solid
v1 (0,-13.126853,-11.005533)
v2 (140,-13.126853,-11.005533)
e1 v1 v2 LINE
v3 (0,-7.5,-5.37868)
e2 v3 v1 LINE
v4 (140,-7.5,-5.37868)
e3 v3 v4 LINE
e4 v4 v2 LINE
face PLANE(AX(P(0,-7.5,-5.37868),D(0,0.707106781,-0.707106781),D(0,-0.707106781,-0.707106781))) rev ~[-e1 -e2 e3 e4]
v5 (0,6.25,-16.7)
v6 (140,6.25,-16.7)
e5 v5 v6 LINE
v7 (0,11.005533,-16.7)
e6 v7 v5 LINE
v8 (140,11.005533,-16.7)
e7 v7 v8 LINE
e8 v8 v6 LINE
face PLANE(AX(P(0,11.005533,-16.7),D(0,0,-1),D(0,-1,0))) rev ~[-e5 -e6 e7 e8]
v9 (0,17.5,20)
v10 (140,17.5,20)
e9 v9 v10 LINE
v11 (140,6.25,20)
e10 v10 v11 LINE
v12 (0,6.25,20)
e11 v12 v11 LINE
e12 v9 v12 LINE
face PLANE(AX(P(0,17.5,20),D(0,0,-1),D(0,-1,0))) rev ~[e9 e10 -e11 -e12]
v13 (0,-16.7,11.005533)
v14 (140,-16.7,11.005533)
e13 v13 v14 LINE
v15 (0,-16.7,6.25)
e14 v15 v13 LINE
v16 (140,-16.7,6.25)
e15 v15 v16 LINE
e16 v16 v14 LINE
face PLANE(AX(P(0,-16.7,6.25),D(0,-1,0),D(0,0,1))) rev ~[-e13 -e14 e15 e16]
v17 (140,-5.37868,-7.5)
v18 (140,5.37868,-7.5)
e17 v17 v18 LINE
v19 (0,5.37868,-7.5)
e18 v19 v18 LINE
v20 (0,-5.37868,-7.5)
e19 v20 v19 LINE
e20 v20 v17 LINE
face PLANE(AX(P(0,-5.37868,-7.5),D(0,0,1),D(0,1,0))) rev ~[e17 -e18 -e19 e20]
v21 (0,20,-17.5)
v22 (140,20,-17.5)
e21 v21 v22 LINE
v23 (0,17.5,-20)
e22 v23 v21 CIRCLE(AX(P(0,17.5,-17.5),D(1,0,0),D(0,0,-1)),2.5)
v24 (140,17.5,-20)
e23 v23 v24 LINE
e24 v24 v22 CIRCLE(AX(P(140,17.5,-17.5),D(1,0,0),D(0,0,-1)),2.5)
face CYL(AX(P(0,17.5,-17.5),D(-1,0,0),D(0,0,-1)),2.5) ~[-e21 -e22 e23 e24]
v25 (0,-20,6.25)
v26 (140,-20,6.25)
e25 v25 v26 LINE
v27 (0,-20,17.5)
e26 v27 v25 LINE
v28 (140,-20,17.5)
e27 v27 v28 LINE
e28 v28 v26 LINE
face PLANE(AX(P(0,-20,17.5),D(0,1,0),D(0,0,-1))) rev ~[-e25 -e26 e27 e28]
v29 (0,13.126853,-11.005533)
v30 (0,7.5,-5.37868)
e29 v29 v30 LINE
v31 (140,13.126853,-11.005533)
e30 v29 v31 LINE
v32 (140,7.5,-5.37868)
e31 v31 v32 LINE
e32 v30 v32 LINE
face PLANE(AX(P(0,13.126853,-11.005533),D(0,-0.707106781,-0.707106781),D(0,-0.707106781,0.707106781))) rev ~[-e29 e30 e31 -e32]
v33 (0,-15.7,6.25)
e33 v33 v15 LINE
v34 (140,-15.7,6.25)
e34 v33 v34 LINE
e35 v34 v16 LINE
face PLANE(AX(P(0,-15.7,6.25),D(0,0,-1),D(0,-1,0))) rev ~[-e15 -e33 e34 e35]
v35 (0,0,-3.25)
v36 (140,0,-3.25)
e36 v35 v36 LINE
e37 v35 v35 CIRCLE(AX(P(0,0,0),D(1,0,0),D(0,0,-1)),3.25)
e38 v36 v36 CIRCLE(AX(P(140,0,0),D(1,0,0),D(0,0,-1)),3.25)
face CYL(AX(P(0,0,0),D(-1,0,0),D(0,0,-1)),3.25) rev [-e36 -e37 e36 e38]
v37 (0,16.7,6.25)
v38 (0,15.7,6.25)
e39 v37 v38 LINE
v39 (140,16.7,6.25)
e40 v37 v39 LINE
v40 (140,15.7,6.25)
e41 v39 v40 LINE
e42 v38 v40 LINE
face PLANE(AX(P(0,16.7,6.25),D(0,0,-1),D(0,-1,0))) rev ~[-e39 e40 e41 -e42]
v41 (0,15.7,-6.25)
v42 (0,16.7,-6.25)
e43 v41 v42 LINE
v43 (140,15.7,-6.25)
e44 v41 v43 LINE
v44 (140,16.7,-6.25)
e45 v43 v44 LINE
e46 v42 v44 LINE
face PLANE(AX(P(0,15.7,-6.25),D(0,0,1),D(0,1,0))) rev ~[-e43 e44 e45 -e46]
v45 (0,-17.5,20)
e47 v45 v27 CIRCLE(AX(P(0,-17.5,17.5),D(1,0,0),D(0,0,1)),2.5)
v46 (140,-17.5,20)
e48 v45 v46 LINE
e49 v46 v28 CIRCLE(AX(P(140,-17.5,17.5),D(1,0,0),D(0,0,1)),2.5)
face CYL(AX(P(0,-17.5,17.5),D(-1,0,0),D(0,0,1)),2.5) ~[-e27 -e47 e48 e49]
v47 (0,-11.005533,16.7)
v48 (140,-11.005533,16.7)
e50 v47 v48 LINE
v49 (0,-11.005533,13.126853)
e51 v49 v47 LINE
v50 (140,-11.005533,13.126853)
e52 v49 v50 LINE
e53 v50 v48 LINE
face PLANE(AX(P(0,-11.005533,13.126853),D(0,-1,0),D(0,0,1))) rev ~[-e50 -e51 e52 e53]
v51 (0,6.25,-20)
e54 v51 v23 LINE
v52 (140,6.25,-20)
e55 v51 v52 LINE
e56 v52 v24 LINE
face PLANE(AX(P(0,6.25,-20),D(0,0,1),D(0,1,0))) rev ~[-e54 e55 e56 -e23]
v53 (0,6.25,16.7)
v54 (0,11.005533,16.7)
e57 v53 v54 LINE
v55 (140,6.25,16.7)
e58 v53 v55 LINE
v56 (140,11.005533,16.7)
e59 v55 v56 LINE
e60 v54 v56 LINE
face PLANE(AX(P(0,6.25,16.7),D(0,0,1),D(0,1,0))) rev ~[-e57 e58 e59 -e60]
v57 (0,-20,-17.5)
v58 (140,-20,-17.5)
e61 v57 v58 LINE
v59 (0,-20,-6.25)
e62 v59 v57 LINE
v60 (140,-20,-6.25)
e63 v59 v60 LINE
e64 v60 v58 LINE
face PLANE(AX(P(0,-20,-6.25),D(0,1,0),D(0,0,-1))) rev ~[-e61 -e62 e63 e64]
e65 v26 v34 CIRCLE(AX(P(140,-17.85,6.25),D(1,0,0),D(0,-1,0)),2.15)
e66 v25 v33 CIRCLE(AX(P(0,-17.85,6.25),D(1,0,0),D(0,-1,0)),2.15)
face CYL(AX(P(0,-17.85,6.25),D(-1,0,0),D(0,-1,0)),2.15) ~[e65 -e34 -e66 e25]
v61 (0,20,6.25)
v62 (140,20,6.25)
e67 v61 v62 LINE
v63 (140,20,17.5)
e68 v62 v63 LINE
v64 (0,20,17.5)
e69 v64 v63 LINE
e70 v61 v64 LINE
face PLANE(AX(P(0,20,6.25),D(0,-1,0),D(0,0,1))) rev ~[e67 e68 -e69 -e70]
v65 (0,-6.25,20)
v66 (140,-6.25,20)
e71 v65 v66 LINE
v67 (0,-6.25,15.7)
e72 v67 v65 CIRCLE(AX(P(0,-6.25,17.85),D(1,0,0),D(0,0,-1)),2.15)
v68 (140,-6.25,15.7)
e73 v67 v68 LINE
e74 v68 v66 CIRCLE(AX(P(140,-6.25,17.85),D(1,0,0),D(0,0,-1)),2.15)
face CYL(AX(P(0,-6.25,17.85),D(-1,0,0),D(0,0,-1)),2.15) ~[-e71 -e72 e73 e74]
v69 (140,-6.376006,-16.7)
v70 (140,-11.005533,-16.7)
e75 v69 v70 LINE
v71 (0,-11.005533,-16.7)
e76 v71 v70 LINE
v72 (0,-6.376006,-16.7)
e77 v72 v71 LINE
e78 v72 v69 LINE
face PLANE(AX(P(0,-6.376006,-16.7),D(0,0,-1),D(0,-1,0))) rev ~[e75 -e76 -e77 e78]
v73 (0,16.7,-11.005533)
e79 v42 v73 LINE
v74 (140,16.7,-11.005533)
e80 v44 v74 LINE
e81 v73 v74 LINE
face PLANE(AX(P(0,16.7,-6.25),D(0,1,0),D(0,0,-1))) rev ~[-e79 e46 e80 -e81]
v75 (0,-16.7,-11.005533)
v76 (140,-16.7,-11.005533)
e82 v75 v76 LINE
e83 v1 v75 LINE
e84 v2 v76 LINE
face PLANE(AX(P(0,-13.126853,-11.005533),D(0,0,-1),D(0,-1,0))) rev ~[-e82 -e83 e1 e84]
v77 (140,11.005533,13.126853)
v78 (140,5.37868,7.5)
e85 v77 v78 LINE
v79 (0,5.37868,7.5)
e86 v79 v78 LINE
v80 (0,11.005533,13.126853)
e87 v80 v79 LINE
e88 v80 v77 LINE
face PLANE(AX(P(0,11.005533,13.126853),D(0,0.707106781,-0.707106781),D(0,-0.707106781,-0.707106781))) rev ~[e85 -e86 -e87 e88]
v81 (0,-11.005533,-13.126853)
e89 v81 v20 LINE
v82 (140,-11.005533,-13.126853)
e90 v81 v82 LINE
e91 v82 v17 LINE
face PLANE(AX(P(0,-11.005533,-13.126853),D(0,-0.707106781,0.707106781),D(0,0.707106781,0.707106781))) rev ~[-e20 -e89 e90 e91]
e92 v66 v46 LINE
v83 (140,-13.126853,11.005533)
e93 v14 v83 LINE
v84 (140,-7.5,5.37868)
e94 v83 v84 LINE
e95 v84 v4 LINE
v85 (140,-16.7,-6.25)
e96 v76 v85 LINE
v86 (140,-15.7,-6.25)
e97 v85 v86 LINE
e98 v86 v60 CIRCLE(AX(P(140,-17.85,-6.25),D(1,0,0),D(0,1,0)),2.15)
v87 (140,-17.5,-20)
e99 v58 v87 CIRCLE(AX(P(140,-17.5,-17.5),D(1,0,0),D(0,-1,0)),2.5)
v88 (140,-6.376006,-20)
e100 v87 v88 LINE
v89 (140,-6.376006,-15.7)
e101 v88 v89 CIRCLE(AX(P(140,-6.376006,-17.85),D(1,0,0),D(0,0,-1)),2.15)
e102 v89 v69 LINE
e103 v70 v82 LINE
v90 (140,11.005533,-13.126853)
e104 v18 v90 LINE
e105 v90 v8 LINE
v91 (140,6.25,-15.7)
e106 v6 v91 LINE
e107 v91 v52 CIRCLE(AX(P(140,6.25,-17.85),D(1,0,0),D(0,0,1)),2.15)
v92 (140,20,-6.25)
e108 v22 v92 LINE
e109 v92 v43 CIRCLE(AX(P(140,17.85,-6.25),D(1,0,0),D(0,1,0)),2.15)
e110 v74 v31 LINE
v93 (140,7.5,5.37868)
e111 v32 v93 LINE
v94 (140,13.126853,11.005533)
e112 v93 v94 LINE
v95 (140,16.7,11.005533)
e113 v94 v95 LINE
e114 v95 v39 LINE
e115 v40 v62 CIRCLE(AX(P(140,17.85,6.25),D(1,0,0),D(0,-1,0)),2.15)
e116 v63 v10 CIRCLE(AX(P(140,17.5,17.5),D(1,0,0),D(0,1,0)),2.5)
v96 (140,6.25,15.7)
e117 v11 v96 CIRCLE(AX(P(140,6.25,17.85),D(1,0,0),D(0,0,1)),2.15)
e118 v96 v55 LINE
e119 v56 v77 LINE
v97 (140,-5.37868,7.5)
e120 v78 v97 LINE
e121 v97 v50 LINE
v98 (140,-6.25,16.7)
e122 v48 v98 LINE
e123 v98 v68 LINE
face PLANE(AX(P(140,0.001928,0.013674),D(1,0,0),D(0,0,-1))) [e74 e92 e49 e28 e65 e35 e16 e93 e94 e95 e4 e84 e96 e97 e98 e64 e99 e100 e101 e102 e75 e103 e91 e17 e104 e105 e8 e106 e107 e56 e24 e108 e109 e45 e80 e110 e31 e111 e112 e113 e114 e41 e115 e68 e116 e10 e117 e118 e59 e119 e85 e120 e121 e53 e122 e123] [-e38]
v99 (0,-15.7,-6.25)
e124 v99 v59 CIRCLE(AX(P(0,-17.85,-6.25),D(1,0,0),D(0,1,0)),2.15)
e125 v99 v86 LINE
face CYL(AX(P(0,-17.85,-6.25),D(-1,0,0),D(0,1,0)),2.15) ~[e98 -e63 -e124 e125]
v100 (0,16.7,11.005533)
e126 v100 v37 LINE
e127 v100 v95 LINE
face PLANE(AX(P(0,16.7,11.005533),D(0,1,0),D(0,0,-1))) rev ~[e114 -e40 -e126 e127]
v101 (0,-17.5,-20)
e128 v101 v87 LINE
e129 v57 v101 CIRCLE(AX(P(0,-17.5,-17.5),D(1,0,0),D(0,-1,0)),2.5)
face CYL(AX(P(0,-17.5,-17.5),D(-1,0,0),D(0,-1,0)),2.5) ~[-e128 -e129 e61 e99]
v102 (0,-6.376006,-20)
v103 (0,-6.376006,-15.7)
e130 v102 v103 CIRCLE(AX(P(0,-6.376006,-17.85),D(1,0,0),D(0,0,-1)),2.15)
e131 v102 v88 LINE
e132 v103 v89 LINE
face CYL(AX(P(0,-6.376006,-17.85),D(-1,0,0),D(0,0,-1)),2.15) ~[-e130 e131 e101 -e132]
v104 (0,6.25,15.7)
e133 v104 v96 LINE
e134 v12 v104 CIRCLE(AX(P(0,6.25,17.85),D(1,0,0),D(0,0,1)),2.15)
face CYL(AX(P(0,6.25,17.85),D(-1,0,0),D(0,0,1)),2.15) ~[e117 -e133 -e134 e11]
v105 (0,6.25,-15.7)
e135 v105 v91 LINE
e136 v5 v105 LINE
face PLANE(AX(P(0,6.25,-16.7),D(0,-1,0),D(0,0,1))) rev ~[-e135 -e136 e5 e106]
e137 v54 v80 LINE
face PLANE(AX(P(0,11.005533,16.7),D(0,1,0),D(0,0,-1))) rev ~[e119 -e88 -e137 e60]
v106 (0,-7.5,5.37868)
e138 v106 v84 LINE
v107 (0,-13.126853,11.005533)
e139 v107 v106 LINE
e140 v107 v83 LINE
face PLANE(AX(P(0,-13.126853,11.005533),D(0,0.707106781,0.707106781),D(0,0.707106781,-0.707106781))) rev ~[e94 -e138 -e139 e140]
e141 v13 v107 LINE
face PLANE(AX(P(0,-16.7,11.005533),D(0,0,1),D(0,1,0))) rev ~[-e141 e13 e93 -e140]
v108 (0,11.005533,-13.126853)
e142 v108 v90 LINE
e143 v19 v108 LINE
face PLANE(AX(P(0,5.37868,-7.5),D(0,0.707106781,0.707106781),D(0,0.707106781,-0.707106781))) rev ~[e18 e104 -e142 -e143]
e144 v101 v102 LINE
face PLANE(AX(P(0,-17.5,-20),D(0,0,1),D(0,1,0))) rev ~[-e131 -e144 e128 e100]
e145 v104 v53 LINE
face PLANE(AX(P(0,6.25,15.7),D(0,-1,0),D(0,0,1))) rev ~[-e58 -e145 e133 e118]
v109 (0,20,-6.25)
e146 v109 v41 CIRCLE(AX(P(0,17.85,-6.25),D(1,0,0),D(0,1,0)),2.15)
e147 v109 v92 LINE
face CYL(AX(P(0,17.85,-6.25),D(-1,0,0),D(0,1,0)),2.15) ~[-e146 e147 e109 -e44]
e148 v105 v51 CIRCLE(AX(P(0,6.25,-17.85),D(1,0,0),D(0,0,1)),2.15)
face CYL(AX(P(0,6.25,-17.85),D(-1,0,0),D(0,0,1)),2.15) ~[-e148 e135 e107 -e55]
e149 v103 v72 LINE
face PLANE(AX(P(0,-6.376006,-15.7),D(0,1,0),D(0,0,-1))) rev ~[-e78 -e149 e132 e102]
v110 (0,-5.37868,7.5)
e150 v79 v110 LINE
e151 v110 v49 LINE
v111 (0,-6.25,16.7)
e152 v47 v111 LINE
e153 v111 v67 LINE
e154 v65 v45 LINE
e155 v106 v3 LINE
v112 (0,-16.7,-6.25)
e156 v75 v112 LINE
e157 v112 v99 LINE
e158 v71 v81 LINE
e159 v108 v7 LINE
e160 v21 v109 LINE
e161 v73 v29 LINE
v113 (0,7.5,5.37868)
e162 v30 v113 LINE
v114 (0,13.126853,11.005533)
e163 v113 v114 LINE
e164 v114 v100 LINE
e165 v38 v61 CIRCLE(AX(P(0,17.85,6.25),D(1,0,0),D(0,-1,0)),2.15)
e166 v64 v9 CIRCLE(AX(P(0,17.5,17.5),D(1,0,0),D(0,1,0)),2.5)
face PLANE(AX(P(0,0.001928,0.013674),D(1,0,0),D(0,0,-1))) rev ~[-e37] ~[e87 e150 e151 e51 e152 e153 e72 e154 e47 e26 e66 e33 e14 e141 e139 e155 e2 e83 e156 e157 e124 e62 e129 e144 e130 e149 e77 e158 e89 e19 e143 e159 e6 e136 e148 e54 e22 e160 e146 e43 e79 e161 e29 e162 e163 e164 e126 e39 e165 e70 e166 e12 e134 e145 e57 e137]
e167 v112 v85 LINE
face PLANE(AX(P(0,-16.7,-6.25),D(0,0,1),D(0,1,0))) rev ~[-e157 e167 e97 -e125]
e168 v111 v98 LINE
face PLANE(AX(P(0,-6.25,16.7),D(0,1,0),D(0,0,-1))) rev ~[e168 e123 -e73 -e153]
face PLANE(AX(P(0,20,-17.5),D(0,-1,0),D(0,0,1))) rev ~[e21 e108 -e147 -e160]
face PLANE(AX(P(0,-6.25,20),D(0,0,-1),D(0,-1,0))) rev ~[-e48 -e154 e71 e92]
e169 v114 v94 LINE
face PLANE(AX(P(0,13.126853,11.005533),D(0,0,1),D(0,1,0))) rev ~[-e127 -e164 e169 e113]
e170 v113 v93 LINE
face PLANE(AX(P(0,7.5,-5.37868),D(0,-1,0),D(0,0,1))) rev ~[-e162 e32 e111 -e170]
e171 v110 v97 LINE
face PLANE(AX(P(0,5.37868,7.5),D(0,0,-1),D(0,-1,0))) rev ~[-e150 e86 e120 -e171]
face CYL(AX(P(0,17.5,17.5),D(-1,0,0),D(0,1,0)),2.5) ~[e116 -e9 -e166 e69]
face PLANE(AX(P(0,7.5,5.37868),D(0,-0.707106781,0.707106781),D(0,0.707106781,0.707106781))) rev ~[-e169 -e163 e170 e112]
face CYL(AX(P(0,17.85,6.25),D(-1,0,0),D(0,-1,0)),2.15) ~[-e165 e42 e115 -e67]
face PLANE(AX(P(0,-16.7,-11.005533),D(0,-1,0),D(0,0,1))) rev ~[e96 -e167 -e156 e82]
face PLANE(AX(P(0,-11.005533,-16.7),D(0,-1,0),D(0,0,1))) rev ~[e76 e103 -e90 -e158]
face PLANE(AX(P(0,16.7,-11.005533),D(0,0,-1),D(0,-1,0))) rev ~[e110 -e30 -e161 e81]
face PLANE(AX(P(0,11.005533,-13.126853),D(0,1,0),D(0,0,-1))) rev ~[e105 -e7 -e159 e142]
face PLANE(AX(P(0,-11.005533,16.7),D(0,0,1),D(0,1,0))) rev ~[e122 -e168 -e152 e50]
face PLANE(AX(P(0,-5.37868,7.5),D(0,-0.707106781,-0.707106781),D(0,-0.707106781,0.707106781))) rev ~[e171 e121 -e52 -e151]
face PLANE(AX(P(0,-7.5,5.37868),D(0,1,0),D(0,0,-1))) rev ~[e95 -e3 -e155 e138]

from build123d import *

# Parameters (mm, degrees)
SKETCH1_R           = 3.25
BOSS_EXTRUDE1_DEPTH = 140


with BuildPart() as part:
    # Sketch1 → Boss-Extrude1 (new body)
    with BuildSketch(Plane(origin=(0, 0, 0), x_dir=(0, 0, -1), z_dir=(1, 0, 0))):
        with BuildLine():
            Line((-20, 17.5), (-20, 6.25))
            ThreePointArc((-20, 6.25), (-17.85, 4.1), (-15.7, 6.25))
            Line((-15.7, 6.25), (-16.7, 6.25))
            Line((-16.7, 6.25), (-16.7, 11.005533085))
            Line((-16.7, 11.005533085), (-13.126853428, 11.005533085))
            Line((-13.126853428, 11.005533085), (-7.5, 5.378679656))
            Line((-7.5, 5.378679656), (-7.5, -5.378679656))
            Line((-7.5, -5.378679656), (-13.126853428, -11.005533085))
            Line((-13.126853428, -11.005533085), (-16.7, -11.005533085))
            Line((-16.7, -11.005533085), (-16.7, -6.25))
            Line((-16.7, -6.25), (-15.7, -6.25))
            ThreePointArc((-15.7, -6.25), (-17.85, -4.1), (-20, -6.25))
            Line((-20, -6.25), (-20, -17.5))
            ThreePointArc((-20, -17.5), (-19.267766953, -19.267766953), (-17.5, -20))
            Line((-17.5, -20), (-6.25, -20))
            ThreePointArc((-6.25, -20), (-4.1, -17.85), (-6.25, -15.7))
            Line((-6.25, -15.7), (-6.25, -16.7))
            Line((-6.25, -16.7), (-11.005533085, -16.7))
            Line((-11.005533085, -16.7), (-11.005533085, -13.126853428))
            Line((-11.005533085, -13.126853428), (-5.378679656, -7.5))
            Line((-5.378679656, -7.5), (5.378679656, -7.5))
            Line((5.378679656, -7.5), (11.005533085, -13.126853428))
            Line((11.005533085, -13.126853428), (11.005533085, -16.7))
            Line((11.005533085, -16.7), (6.25, -16.7))
            Line((6.25, -16.7), (6.25, -15.7))
            ThreePointArc((6.25, -15.7), (4.1, -17.85), (6.25, -20))
            Line((6.25, -20), (17.5, -20))
            ThreePointArc((17.5, -20), (19.267766953, -19.267766953), (20, -17.5))
            Line((20, -17.5), (20, -6.376005661))
            ThreePointArc((20, -6.376005661), (17.85, -4.226005661), (15.7, -6.376005661))
            Line((15.7, -6.376005661), (16.7, -6.376005661))
            Line((16.7, -6.376005661), (16.7, -11.005533085))
            Line((16.7, -11.005533085), (13.126853428, -11.005533085))
            Line((13.126853428, -11.005533085), (7.5, -5.378679656))
            Line((7.5, -5.378679656), (7.5, 5.378679656))
            Line((7.5, 5.378679656), (13.126853428, 11.005533085))
            Line((13.126853428, 11.005533085), (16.7, 11.005533085))
            Line((16.7, 11.005533085), (16.7, 6.25))
            Line((16.7, 6.25), (15.7, 6.25))
            ThreePointArc((15.7, 6.25), (17.85, 4.1), (20, 6.25))
            Line((20, 6.25), (20, 17.5))
            ThreePointArc((20, 17.5), (19.267766953, 19.267766953), (17.5, 20))
            Line((17.5, 20), (6.25, 20))
            ThreePointArc((6.25, 20), (4.1, 17.85), (6.25, 15.7))
            Line((6.25, 15.7), (6.25, 16.7))
            Line((6.25, 16.7), (11.005533085, 16.7))
            Line((11.005533085, 16.7), (11.005533085, 13.126853428))
            Line((11.005533085, 13.126853428), (5.378679656, 7.5))
            Line((5.378679656, 7.5), (-5.378679656, 7.5))
            Line((-5.378679656, 7.5), (-11.005533085, 13.126853428))
            Line((-11.005533085, 13.126853428), (-11.005533085, 16.7))
            Line((-11.005533085, 16.7), (-6.25, 16.7))
            Line((-6.25, 16.7), (-6.25, 15.7))
            ThreePointArc((-6.25, 15.7), (-4.1, 17.85), (-6.25, 20))
            Line((-6.25, 20), (-17.5, 20))
            ThreePointArc((-17.5, 20), (-19.267766953, 19.267766953), (-20, 17.5))
        make_face()
        Circle(SKETCH1_R, mode=Mode.SUBTRACT)
    extrude(amount=BOSS_EXTRUDE1_DEPTH)


solid = part.part
